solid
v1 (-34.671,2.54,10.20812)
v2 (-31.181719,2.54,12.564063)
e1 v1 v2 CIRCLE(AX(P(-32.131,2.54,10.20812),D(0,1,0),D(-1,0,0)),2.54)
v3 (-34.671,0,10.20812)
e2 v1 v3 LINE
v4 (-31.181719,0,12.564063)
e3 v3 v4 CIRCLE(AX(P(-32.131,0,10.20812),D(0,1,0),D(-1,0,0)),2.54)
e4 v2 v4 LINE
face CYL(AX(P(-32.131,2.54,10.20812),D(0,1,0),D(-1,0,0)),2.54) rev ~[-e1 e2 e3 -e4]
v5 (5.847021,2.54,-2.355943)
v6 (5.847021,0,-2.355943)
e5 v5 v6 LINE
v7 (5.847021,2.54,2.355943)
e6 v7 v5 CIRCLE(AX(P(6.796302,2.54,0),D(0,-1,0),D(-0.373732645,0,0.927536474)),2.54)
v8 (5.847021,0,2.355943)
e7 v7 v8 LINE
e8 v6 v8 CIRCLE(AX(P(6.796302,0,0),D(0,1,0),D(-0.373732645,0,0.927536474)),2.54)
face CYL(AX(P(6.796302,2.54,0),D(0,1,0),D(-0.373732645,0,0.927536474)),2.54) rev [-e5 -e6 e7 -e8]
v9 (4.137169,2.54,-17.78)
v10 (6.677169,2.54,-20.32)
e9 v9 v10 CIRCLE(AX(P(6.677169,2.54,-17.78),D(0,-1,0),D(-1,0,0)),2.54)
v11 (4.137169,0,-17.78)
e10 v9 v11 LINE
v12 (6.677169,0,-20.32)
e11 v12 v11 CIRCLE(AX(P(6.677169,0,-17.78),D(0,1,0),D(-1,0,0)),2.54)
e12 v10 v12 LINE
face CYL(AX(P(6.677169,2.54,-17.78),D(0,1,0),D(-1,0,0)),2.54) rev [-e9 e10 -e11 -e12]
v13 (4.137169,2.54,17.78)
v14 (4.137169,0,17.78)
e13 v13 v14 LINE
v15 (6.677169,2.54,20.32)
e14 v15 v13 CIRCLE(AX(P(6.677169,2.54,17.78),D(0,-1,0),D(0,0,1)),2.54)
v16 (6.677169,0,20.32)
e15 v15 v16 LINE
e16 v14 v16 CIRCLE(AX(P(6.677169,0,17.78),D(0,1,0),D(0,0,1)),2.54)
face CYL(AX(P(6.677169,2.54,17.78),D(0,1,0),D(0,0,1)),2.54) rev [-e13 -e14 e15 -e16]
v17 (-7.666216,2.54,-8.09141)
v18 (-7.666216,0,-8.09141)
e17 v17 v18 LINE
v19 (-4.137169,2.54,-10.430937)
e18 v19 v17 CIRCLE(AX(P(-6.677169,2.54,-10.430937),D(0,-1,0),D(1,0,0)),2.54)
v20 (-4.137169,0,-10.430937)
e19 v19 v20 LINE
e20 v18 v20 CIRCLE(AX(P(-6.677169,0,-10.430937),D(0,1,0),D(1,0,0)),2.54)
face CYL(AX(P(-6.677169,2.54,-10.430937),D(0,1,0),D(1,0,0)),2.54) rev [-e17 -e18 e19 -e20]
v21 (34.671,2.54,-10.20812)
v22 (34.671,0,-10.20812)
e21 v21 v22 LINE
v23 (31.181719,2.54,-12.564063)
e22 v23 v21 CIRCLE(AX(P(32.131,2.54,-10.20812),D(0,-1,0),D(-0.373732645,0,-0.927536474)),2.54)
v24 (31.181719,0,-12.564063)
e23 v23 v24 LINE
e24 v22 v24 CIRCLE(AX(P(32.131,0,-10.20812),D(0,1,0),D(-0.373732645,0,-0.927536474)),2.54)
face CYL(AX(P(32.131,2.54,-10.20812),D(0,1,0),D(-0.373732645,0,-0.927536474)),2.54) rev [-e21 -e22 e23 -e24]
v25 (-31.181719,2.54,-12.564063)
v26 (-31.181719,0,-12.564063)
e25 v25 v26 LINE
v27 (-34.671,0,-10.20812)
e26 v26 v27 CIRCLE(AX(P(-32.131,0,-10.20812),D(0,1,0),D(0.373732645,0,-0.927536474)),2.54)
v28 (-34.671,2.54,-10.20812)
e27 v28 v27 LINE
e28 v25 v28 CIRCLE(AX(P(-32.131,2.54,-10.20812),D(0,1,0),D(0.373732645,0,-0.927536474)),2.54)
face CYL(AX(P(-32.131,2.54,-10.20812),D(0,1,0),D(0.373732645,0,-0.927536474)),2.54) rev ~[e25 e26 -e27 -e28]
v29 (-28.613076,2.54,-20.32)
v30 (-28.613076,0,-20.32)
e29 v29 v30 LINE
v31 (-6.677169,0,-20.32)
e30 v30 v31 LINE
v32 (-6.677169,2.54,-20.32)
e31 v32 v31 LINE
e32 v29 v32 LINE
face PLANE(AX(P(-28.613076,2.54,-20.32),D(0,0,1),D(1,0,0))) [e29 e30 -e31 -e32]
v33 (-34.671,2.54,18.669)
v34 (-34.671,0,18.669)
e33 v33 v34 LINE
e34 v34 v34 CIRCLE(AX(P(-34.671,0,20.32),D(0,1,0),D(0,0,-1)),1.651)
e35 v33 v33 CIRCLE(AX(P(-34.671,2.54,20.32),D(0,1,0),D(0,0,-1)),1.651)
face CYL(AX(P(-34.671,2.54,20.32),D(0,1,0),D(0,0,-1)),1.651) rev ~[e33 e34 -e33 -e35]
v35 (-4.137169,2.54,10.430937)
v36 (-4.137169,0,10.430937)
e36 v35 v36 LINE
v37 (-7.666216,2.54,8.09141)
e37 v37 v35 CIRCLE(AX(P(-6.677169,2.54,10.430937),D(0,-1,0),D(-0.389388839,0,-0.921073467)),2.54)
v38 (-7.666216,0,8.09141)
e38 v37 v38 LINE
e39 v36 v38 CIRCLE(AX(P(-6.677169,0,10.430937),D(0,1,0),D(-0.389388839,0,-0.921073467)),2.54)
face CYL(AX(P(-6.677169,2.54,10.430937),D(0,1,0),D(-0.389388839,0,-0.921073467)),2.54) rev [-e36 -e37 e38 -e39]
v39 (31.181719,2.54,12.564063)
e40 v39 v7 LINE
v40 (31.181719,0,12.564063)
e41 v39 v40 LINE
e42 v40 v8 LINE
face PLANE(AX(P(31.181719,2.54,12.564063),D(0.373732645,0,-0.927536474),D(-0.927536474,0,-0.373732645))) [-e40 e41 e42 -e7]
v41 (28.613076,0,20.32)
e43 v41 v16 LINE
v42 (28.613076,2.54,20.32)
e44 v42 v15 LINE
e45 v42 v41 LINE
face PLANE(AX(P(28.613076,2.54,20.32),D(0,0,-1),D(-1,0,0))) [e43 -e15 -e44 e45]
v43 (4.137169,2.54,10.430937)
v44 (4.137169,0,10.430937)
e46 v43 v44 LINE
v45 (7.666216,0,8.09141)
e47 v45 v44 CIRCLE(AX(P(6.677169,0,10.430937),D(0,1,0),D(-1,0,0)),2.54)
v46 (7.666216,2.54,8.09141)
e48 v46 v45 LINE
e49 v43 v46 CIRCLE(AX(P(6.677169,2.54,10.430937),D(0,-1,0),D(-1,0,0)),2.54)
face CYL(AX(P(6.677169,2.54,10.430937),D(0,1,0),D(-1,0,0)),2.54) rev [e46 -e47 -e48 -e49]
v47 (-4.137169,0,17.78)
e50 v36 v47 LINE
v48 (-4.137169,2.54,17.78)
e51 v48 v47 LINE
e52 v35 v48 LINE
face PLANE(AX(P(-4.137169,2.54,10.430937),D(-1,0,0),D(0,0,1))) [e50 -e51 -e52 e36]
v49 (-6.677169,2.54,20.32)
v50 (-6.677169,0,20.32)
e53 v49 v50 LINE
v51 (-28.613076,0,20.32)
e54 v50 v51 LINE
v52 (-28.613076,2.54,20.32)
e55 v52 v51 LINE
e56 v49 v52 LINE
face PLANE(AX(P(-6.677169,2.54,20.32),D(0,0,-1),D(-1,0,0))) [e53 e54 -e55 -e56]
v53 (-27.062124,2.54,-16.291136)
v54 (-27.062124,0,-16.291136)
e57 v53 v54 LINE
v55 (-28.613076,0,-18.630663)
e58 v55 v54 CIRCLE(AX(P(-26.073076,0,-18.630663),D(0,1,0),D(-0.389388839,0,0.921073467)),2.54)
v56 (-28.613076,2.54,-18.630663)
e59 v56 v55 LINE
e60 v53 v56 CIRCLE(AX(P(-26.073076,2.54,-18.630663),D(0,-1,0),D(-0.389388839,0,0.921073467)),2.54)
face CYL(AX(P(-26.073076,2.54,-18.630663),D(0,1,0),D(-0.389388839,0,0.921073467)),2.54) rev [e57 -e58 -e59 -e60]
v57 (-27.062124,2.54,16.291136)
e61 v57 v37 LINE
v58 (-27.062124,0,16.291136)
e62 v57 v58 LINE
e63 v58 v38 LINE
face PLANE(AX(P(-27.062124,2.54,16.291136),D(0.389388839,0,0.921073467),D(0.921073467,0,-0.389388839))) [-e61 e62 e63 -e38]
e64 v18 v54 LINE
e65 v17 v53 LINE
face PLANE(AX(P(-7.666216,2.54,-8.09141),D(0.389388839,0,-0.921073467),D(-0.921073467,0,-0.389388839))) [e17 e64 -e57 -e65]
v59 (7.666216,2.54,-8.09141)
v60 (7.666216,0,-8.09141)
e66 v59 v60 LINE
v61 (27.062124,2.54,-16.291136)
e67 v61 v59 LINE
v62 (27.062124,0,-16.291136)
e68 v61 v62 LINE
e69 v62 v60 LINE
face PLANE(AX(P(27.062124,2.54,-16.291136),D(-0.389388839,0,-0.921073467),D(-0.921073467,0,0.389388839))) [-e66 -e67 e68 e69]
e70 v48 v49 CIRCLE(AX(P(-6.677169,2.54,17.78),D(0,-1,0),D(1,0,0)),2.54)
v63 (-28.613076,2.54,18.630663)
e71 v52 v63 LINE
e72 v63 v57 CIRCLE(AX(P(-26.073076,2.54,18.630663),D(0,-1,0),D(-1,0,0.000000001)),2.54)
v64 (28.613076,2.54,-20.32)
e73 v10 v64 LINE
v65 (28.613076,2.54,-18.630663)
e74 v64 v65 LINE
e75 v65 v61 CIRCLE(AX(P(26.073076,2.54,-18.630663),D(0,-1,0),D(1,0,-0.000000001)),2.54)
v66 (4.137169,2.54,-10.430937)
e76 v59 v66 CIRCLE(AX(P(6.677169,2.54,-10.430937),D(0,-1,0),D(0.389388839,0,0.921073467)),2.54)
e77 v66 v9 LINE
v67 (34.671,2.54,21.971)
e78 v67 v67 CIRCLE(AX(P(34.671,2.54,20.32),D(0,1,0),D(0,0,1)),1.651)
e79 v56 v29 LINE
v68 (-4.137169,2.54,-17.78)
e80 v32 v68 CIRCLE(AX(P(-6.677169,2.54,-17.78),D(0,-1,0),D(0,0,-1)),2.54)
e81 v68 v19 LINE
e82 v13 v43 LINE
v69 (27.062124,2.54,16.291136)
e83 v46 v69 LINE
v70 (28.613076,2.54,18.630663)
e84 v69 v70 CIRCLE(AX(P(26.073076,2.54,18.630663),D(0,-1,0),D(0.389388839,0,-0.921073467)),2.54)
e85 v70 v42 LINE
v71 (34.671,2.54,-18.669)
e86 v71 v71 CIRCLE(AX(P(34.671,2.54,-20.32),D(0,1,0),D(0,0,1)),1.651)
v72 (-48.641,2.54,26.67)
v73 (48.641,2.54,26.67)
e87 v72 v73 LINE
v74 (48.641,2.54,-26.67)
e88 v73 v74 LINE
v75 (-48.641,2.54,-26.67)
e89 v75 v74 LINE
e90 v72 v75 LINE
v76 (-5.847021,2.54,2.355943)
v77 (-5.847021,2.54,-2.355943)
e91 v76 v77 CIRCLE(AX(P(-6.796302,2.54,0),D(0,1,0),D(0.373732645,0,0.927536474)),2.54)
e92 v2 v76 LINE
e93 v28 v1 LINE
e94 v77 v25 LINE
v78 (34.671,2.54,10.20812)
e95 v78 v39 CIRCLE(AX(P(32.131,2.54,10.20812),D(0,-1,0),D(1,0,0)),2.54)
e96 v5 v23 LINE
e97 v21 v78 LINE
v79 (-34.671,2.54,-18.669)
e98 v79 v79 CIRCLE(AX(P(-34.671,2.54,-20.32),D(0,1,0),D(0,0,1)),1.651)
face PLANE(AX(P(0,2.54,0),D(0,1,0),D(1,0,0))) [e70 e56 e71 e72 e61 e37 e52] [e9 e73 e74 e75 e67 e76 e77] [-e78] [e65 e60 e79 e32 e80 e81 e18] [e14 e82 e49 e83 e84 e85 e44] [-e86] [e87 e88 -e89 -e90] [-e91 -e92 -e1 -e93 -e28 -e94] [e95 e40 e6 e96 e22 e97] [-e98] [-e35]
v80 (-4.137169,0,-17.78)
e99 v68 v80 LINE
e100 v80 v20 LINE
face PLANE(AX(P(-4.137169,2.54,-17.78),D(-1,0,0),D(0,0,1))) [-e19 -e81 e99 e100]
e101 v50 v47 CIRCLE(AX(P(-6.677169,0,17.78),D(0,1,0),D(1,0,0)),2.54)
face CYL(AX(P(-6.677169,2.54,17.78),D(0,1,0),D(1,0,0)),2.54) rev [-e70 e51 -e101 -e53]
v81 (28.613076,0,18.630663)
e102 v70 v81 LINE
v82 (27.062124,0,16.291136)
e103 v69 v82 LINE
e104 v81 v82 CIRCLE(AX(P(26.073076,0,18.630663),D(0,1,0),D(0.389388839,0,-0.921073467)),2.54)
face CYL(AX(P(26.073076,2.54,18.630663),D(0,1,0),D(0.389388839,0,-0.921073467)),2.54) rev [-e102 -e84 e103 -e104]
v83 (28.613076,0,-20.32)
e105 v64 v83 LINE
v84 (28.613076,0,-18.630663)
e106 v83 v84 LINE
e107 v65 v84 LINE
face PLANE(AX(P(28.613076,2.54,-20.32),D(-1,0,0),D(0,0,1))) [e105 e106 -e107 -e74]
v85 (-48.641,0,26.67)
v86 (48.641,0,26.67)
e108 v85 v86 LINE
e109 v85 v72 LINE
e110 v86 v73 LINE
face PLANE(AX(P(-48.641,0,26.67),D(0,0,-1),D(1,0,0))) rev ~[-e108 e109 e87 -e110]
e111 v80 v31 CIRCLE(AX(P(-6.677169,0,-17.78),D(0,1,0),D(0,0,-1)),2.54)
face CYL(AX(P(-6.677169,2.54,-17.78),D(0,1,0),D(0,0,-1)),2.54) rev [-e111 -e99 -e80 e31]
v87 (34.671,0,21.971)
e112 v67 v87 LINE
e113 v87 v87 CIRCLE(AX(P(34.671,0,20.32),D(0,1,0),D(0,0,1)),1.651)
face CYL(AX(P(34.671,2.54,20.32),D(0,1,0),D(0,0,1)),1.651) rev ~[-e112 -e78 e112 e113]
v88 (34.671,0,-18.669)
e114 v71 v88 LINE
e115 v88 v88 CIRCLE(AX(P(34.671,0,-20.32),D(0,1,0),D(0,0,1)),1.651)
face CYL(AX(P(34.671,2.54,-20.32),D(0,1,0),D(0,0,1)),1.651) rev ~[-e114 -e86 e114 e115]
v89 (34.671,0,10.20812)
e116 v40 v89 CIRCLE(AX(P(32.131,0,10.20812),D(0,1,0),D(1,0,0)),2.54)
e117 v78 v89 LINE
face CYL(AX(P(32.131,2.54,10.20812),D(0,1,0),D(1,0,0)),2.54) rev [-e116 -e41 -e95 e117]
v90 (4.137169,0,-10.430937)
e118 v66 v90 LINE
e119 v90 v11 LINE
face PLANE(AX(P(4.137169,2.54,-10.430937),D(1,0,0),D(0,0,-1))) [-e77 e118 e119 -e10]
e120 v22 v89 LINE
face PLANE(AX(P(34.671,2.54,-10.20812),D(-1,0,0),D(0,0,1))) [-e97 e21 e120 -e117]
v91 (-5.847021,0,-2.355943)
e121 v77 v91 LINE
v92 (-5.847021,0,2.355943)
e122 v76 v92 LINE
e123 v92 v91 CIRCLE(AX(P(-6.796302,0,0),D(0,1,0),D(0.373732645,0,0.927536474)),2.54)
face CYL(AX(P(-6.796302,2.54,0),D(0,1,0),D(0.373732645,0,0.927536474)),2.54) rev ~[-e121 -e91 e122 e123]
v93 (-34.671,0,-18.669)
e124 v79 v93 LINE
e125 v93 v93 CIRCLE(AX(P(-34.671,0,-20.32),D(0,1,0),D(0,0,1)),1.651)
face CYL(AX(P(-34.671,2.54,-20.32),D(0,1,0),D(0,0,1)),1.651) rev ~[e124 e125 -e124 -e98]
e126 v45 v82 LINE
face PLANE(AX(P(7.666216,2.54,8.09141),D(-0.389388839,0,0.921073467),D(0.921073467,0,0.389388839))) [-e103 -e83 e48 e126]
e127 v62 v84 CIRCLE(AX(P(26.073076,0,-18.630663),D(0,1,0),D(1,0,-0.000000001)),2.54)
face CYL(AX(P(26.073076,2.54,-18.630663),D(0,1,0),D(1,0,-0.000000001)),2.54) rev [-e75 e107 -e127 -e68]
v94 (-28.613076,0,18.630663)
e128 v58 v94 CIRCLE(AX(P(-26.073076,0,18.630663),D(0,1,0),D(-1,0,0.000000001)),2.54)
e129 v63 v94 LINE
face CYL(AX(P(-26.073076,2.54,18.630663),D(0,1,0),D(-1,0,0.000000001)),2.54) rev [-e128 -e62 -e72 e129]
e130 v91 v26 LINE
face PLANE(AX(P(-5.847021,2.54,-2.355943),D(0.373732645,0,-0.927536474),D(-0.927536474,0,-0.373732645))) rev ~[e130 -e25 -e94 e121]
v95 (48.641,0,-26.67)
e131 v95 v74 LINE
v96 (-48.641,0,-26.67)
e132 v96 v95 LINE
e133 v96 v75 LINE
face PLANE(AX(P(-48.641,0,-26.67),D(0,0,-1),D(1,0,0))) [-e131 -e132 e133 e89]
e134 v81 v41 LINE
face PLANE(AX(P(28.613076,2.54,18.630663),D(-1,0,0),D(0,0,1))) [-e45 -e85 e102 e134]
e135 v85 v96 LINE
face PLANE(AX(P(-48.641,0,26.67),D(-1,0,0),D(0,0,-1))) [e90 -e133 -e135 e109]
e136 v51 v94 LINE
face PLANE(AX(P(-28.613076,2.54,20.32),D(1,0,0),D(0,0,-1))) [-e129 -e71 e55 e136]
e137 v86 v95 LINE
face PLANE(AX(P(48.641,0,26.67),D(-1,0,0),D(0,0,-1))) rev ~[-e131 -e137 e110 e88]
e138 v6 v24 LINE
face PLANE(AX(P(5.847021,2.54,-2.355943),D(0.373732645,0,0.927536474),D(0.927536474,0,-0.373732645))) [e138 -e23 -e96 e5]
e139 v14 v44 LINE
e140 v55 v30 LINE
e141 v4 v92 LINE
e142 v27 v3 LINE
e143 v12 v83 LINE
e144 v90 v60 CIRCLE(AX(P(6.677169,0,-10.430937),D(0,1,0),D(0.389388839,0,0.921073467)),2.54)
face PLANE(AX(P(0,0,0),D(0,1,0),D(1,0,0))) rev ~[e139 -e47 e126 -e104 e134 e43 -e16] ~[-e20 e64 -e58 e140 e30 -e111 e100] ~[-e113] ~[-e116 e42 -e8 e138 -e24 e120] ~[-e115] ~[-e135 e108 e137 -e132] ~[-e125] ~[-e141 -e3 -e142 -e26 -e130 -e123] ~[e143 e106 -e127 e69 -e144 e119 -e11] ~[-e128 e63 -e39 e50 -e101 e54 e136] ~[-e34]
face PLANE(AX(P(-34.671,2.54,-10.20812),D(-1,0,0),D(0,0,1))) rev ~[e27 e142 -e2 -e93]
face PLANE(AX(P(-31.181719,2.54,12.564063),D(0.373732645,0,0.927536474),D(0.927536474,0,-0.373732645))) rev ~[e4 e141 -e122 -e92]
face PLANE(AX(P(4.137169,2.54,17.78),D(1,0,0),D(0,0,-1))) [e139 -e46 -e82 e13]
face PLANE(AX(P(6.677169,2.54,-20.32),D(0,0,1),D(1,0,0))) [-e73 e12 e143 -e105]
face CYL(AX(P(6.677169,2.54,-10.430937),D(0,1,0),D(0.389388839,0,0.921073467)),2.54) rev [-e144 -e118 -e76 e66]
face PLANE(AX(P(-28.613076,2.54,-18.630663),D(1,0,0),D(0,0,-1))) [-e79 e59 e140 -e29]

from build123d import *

# Parameters (mm, degrees)
SKETCH1_W           = 97.282
SKETCH1_H           = 53.34
BOSS_EXTRUDE1_DEPTH = 2.54
SKETCH2_R           = 1.651
CUT_EXTRUDE1_DEPTH  = 56.530958762


with BuildPart() as part:
    # Sketch1 → Boss-Extrude1 (new body)
    with BuildSketch(Plane(origin=(0, 0, 0), x_dir=(1, 0, 0), z_dir=(0, 1, 0))):
        Rectangle(SKETCH1_W, SKETCH1_H)
    extrude(amount=BOSS_EXTRUDE1_DEPTH)

    # Sketch2 → Cut-Extrude1 (cut, through all)
    with BuildSketch(Plane(origin=(0, 2.54, 0), x_dir=(1, 0, 0), z_dir=(0, 1, 0))):
        with Locations(Location((-34.671, 20.32, 0), (0, 0, 270))):
            Circle(SKETCH2_R)
        with BuildLine():
            ThreePointArc((-4.137168556, 10.430937018), (-5.273705168, 8.313889423), (-7.666216208, 8.091410411))
            Line((-7.666216208, 8.091410411), (-27.062123692, 16.291136246))
            ThreePointArc((-27.062123692, 16.291136246), (-28.190123635, 17.227199464), (-28.61307604, 18.630662853))
            Line((-28.61307604, 18.630662853), (-28.61307604, 20.32))
            Line((-28.61307604, 20.32), (-6.677168556, 20.32))
            ThreePointArc((-6.677168556, 20.32), (-4.881117332, 19.576051224), (-4.137168556, 17.78))
            Line((-4.137168556, 17.78), (-4.137168556, 10.430937018))
        make_face()
        with BuildLine():
            Line((-34.671, 10.20811999), (-34.671, -10.20811999))
            ThreePointArc((-34.671, -10.20811999), (-33.552342054, -12.313205919), (-31.181719082, -12.564062634))
            Line((-31.181719082, -12.564062634), (-5.847021287, -2.355942643))
            ThreePointArc((-5.847021287, -2.355942643), (-4.256302206, 0), (-5.847021287, 2.355942643))
            Line((-5.847021287, 2.355942643), (-31.181719082, 12.564062634))
            ThreePointArc((-31.181719082, 12.564062634), (-33.552342054, 12.313205919), (-34.671, 10.20811999))
        make_face()
        with BuildLine():
            ThreePointArc((-28.61307604, -18.630662853), (-28.190123635, -17.227199464), (-27.062123692, -16.291136246))
            Line((-27.062123692, -16.291136246), (-7.666216208, -8.091410411))
            ThreePointArc((-7.666216208, -8.091410411), (-5.273705168, -8.313889423), (-4.137168556, -10.430937018))
            Line((-4.137168556, -10.430937018), (-4.137168556, -17.78))
            ThreePointArc((-4.137168556, -17.78), (-4.881117332, -19.576051224), (-6.677168556, -20.32))
            Line((-6.677168556, -20.32), (-28.61307604, -20.32))
            Line((-28.61307604, -20.32), (-28.61307604, -18.630662853))
        make_face()
        with BuildLine():
            ThreePointArc((4.137168556, -10.430937018), (5.273705168, -8.313889423), (7.666216208, -8.091410411))
            Line((7.666216208, -8.091410411), (27.062123692, -16.291136246))
            ThreePointArc((27.062123692, -16.291136246), (28.190123635, -17.227199464), (28.61307604, -18.630662853))
            Line((28.61307604, -18.630662853), (28.61307604, -20.32))
            Line((28.61307604, -20.32), (6.677168556, -20.32))
            ThreePointArc((6.677168556, -20.32), (4.881117332, -19.576051224), (4.137168556, -17.78))
            Line((4.137168556, -17.78), (4.137168556, -10.430937018))
        make_face()
        with BuildLine():
            Line((34.671, 10.20811999), (34.671, -10.20811999))
            ThreePointArc((34.671, -10.20811999), (33.552342054, -12.313205919), (31.181719082, -12.564062634))
            Line((31.181719082, -12.564062634), (5.847021287, -2.355942643))
            ThreePointArc((5.847021287, -2.355942643), (4.256302206, 0), (5.847021287, 2.355942643))
            Line((5.847021287, 2.355942643), (31.181719082, 12.564062634))
            ThreePointArc((31.181719082, 12.564062634), (33.552342054, 12.313205919), (34.671, 10.20811999))
        make_face()
        with BuildLine():
            ThreePointArc((4.137168556, 17.78), (4.881117332, 19.576051224), (6.677168556, 20.32))
            Line((6.677168556, 20.32), (28.61307604, 20.32))
            Line((28.61307604, 20.32), (28.61307604, 18.630662853))
            ThreePointArc((28.61307604, 18.630662853), (28.190123635, 17.227199464), (27.062123692, 16.291136246))
            Line((27.062123692, 16.291136246), (7.666216208, 8.091410411))
            ThreePointArc((7.666216208, 8.091410411), (5.273705168, 8.313889423), (4.137168556, 10.430937018))
            Line((4.137168556, 10.430937018), (4.137168556, 17.78))
        make_face()
        with Locations(Location((34.671, 20.32, 0), (0, 0, 270))):
            Circle(SKETCH2_R)
        with Locations(Location((34.671, -20.32, 0), (0, 0, 270))):
            Circle(SKETCH2_R)
        with Locations(Location((-34.671, -20.32, 0), (0, 0, 90))):
            Circle(SKETCH2_R)
    extrude(amount=-CUT_EXTRUDE1_DEPTH, mode=Mode.SUBTRACT)


solid = part.part
